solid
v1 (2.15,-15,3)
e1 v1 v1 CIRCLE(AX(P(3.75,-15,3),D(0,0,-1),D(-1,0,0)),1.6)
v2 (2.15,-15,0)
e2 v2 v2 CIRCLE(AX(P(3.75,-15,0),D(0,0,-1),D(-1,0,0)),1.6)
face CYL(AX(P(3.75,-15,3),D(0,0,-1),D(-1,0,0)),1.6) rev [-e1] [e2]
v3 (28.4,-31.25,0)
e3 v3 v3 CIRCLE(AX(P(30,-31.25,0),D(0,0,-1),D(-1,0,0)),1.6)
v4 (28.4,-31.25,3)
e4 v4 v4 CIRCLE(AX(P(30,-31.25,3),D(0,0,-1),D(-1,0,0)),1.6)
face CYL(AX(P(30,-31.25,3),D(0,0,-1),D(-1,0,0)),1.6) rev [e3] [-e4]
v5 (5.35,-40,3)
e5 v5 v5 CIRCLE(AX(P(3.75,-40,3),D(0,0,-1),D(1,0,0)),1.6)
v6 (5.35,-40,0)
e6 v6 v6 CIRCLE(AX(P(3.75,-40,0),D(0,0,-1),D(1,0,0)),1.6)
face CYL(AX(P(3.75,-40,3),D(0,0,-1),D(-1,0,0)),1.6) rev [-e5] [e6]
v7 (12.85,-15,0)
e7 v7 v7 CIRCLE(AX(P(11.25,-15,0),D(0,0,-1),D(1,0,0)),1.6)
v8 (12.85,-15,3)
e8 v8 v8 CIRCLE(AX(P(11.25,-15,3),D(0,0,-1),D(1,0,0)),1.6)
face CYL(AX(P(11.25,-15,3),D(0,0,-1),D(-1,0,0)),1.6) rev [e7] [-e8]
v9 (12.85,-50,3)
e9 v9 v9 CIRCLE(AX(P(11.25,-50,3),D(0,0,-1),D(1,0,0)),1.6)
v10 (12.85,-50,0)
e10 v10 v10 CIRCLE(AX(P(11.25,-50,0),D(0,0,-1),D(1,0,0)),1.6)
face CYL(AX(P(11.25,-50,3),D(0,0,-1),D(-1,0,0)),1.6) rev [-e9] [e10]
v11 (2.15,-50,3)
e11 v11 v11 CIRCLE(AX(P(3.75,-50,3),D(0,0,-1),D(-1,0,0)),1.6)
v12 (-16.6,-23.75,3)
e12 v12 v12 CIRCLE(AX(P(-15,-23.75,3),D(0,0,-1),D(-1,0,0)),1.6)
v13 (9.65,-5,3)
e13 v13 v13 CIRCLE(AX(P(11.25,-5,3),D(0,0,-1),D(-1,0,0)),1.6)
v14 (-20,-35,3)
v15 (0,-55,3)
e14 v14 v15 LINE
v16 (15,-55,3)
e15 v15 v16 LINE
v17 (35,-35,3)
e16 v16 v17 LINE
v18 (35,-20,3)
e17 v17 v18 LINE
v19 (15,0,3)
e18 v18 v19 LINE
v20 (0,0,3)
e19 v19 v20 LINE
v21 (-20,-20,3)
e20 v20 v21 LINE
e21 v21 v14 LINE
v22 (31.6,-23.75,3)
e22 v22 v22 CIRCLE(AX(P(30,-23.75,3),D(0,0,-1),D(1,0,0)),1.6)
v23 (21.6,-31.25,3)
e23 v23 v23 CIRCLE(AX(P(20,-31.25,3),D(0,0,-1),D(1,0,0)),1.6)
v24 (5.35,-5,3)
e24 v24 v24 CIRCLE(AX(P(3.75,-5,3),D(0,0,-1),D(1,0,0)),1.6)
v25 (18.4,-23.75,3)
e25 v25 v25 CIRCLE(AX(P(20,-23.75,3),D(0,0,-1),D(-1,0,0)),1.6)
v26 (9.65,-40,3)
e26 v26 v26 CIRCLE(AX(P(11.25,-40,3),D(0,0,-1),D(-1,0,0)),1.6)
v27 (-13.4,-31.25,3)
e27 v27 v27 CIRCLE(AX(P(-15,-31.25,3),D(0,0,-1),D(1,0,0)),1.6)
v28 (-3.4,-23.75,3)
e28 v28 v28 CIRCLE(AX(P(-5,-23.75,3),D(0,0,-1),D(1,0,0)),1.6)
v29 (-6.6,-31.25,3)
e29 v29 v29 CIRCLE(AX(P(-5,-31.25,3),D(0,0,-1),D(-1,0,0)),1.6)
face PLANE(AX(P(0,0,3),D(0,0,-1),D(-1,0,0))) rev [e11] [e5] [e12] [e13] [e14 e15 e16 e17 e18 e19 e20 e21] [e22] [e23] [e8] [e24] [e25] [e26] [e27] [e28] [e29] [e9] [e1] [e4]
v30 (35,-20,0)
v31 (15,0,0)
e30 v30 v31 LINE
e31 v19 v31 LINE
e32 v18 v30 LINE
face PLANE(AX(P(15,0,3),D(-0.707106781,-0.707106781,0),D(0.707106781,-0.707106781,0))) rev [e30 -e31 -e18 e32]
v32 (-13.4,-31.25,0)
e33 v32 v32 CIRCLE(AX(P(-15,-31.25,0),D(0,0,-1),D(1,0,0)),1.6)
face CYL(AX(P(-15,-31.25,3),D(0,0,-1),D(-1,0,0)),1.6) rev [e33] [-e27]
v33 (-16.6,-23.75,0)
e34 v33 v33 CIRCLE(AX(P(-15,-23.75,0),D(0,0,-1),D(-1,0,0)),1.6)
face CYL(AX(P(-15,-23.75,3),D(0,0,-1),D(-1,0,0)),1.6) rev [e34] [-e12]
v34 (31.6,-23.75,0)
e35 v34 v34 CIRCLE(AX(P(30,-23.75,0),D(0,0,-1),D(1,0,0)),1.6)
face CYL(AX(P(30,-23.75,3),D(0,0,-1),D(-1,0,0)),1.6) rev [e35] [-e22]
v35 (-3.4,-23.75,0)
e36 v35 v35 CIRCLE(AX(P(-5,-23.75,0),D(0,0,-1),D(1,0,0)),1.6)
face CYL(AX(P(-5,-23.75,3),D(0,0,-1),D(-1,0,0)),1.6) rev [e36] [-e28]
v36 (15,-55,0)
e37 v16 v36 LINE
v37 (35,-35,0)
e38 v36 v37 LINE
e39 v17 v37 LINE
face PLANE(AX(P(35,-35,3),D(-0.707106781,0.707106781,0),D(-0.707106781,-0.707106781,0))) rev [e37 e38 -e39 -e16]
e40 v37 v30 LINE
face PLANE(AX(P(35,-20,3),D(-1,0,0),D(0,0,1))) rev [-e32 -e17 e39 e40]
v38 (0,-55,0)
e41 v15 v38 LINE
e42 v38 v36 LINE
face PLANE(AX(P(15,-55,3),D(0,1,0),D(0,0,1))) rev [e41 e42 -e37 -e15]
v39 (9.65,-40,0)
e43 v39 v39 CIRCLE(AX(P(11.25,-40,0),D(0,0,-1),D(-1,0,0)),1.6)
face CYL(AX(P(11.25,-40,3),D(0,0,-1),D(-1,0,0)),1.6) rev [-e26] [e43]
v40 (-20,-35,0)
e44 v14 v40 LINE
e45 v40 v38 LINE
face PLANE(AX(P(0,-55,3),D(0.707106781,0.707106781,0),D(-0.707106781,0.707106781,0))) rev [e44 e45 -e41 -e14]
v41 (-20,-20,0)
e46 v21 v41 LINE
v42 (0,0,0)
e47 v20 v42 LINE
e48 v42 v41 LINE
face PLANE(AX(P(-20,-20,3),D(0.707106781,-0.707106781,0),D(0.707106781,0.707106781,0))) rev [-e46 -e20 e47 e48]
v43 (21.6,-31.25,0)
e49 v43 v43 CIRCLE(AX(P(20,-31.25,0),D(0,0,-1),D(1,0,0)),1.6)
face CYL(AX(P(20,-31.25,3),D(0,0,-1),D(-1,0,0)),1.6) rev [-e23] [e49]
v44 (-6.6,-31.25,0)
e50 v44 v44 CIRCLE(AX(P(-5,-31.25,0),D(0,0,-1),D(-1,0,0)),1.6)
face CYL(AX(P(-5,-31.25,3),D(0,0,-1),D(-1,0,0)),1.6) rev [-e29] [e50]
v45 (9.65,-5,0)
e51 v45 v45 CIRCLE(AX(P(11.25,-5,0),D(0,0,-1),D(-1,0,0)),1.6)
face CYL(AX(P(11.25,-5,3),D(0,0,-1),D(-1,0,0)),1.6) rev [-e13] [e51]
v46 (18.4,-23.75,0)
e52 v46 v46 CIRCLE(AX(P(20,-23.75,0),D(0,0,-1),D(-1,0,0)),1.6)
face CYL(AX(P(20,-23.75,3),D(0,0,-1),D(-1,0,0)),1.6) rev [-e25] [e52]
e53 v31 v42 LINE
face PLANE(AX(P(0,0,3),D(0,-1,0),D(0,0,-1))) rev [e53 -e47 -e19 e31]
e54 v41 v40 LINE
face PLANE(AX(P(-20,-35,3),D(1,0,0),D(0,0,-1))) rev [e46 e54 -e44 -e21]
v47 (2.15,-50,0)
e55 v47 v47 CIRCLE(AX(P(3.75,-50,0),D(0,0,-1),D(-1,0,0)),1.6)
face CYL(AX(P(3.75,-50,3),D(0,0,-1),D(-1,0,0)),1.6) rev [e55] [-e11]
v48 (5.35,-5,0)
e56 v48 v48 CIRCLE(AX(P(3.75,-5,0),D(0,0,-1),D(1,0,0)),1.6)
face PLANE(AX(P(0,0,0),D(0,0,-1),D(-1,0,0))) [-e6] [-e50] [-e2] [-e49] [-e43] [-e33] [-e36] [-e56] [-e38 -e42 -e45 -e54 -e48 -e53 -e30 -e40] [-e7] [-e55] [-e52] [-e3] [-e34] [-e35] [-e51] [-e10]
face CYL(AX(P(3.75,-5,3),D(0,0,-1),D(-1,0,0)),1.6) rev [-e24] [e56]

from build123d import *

# Parameters (mm, degrees)
EXTRUDE_1_DEPTH     = 3
SKETCH_2_R          = 1.6
CUT_EXTRUDE_1_DEPTH = 66.261014396


with BuildPart() as part:
    # 草图1 → 凸台-拉伸1 (new body)
    with BuildSketch(Plane.XY):
        Polygon((0, 0), (15, 0), (35, -20), (35, -35), (15, -55), (0, -55), (-20, -35), (-20, -20), align=None)
    extrude(amount=EXTRUDE_1_DEPTH)

    # 草图2 → 切除-拉伸1 (cut, through all)
    with BuildSketch(Plane(origin=(0, 0, 0), x_dir=(-1, 0, 0), z_dir=(0, 0, -1))):
        with Locations((-11.25, -5)):
            Circle(SKETCH_2_R)
        with Locations((-30, -31.25)):
            Circle(SKETCH_2_R)
        with Locations(Location((-30, -23.75, 0), (0, 0, 180))):
            Circle(SKETCH_2_R)
        with Locations(Location((-3.75, -5, 0), (0, 0, 180))):
            Circle(SKETCH_2_R)
        with Locations((-3.75, -15)):
            Circle(SKETCH_2_R)
        with Locations(Location((-11.25, -15, 0), (0, 0, 180))):
            Circle(SKETCH_2_R)
        with Locations((-20, -23.75)):
            Circle(SKETCH_2_R)
        with Locations(Location((-20, -31.25, 0), (0, 0, 180))):
            Circle(SKETCH_2_R)
        with Locations((5, -31.25)):
            Circle(SKETCH_2_R)
        with Locations(Location((5, -23.75, 0), (0, 0, 180))):
            Circle(SKETCH_2_R)
        with Locations((15, -23.75)):
            Circle(SKETCH_2_R)
        with Locations(Location((15, -31.25, 0), (0, 0, 180))):
            Circle(SKETCH_2_R)
        with Locations((-11.25, -40)):
            Circle(SKETCH_2_R)
        with Locations(Location((-3.75, -40, 0), (0, 0, 180))):
            Circle(SKETCH_2_R)
        with Locations((-3.75, -50)):
            Circle(SKETCH_2_R)
        with Locations(Location((-11.25, -50, 0), (0, 0, 180))):
            Circle(SKETCH_2_R)
    extrude(amount=-CUT_EXTRUDE_1_DEPTH, mode=Mode.SUBTRACT)


solid = part.part
